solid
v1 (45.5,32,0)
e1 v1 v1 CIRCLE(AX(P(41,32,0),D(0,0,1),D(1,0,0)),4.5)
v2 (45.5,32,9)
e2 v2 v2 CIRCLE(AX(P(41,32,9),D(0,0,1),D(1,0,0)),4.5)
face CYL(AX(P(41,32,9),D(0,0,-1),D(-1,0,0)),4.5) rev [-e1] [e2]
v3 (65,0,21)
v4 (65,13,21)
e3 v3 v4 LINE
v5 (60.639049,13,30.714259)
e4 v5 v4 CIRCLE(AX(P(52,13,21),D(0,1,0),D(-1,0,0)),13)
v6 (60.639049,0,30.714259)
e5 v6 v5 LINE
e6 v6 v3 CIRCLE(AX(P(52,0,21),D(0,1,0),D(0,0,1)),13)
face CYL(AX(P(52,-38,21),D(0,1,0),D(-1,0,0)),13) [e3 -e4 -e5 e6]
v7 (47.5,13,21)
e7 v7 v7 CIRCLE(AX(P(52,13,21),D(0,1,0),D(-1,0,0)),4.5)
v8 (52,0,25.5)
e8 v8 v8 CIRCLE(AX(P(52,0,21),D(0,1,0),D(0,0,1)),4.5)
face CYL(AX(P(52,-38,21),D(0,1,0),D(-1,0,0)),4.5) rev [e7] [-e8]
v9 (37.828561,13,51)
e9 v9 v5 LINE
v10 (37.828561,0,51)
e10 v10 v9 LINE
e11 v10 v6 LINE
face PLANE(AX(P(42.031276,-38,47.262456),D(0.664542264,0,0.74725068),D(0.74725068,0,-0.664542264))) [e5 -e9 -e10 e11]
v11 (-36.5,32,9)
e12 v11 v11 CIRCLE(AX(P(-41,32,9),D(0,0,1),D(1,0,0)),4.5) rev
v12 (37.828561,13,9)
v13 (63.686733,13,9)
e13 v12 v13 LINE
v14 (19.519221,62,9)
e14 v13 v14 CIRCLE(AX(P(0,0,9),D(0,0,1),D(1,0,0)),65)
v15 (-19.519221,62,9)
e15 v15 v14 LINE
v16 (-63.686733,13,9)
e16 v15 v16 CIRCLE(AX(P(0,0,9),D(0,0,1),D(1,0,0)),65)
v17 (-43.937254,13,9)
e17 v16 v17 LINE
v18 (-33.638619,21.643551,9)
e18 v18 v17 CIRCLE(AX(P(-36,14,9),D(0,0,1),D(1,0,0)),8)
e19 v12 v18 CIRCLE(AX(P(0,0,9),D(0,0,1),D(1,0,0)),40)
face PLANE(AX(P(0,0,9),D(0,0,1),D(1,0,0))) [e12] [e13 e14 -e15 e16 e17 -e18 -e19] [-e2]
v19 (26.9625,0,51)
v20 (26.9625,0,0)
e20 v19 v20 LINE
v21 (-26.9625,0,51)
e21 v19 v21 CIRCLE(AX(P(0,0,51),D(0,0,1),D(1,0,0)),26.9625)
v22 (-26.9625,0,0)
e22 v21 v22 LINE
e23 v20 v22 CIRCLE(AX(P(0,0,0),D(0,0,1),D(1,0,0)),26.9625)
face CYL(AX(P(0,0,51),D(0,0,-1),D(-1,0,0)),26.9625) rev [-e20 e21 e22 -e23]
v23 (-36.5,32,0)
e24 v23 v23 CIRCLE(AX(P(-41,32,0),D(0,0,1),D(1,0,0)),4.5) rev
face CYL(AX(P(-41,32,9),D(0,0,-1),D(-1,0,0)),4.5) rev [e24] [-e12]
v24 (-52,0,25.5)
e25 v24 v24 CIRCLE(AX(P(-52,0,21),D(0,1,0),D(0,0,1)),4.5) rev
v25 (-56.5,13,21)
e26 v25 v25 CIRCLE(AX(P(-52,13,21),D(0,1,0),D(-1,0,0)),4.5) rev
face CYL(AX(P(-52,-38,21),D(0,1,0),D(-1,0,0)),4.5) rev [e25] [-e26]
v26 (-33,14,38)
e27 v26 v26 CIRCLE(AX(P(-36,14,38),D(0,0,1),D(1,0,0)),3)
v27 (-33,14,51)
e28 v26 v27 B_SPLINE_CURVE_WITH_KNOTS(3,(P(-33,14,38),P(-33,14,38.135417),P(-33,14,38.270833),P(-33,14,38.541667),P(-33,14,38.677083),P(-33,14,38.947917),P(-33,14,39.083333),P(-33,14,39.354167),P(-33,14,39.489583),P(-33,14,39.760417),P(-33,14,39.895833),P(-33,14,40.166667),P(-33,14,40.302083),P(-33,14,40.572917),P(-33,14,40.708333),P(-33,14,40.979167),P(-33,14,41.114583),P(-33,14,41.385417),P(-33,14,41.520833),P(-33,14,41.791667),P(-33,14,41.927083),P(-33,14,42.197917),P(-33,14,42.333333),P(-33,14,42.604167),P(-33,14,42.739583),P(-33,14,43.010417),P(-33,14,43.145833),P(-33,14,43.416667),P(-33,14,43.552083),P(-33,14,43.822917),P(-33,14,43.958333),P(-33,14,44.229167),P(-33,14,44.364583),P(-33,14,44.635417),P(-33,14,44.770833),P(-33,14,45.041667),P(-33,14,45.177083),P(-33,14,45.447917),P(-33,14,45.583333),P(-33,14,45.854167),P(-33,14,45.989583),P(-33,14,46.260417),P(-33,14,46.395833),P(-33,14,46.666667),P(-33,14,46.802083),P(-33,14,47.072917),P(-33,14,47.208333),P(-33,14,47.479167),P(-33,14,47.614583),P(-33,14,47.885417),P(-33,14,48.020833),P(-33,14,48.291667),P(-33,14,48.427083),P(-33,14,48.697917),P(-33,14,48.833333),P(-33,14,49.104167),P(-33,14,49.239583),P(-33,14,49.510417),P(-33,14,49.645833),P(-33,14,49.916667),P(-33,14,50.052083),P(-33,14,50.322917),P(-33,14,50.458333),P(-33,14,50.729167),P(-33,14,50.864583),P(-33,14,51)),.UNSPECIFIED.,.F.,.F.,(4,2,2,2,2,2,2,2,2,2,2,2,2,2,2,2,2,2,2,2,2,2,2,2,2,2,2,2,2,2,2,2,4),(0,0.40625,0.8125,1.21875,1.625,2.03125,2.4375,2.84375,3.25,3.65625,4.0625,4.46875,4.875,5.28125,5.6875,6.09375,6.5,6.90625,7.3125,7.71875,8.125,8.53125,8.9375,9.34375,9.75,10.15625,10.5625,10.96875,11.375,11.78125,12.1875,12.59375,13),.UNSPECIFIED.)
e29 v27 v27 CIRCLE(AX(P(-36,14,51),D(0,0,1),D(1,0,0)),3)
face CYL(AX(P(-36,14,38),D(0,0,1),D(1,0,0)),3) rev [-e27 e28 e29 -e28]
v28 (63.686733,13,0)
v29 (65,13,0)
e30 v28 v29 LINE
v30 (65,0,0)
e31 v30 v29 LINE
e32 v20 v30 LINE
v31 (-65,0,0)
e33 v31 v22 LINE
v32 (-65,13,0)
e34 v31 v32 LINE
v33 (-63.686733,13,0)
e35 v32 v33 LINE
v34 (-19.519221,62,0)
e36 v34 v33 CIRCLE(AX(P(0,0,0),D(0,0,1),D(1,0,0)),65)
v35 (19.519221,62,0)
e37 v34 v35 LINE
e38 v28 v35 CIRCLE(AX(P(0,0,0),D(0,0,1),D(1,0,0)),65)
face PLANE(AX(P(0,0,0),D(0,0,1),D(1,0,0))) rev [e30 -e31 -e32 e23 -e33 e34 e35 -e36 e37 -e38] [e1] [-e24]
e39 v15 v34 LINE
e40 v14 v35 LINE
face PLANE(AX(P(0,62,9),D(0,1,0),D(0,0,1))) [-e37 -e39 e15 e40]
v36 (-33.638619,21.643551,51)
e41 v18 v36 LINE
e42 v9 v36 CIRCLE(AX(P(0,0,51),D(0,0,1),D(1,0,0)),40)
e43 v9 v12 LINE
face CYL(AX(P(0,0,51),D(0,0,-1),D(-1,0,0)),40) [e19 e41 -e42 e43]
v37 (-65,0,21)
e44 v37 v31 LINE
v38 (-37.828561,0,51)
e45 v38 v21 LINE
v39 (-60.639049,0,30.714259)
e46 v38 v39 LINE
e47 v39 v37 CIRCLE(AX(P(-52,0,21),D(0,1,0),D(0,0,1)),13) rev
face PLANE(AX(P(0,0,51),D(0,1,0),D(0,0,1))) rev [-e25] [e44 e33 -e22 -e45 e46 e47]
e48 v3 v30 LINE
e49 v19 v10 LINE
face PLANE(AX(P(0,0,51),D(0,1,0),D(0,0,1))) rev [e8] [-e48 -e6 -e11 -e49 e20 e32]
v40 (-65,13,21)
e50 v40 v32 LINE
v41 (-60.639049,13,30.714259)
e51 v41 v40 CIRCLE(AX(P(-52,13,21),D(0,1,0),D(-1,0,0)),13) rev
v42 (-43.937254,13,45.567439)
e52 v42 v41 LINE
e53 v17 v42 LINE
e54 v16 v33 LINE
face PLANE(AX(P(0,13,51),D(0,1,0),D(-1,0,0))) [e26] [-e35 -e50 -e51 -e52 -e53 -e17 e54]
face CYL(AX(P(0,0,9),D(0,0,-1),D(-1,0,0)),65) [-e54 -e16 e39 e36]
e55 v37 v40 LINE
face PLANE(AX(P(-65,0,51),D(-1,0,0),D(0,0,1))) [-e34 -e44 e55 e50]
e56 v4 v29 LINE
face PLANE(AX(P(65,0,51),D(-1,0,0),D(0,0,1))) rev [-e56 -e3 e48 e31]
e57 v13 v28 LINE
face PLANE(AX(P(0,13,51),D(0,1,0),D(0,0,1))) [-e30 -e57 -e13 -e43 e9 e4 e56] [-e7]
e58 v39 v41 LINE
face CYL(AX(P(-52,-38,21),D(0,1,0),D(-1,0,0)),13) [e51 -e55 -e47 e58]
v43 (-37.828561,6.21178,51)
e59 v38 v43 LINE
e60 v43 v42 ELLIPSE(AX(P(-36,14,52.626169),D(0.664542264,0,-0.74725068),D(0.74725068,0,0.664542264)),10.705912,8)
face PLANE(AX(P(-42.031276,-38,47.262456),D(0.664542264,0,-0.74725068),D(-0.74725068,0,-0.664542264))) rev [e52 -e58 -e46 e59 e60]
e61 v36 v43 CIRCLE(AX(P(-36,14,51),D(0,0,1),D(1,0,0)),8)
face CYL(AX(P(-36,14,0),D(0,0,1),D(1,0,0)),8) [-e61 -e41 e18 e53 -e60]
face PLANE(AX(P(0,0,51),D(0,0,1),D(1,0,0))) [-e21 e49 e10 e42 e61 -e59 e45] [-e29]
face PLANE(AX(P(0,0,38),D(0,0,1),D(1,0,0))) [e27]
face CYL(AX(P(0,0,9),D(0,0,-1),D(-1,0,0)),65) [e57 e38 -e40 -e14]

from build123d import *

# Parameters (mm, degrees)
SKETCH1_R           = 4.5
BOSS_EXTRUDE1_DEPTH = 9
BOSS_EXTRUDE2_DEPTH = 51
SKETCH2_R           = 4.5
CUT_EXTRUDE1_DEPTH  = 51
SKETCH3_R           = 8
BOSS_EXTRUDE4_DEPTH = 51
SKETCH3_3_R         = 3
CUT_EXTRUDE2_DEPTH  = 13


with BuildPart() as part:
    # Sketch1 → Boss-Extrude1 (new body)
    with BuildSketch(Plane.XY):
        with BuildLine():
            Line((-63.686733312, 13), (-37.828560639, 13))
            ThreePointArc((-37.828560639, 13), (-35.993988141, 17.448003259), (-33.638618871, 21.643551476))
            ThreePointArc((-33.638618871, 21.643551476), (4.802775087, 39.710620135), (37.828560639, 13))
            Line((37.828560639, 13), (63.686733312, 13))
            ThreePointArc((63.686733312, 13), (48.281028578, 43.519447141), (19.519221296, 62))
            Line((19.519221296, 62), (-19.519221296, 62))
            ThreePointArc((-19.519221296, 62), (-48.281028578, 43.519447141), (-63.686733312, 13))
        make_face()
        with Locations((-41, 32)):
            Circle(SKETCH1_R, mode=Mode.SUBTRACT)
        with Locations((41, 32)):
            Circle(SKETCH1_R, mode=Mode.SUBTRACT)
    extrude(amount=BOSS_EXTRUDE1_DEPTH)

    # Sketch1<3> → Boss-Extrude2 (add)
    with BuildSketch(Plane.XY):
        with BuildLine():
            Line((-65, 13), (-65, 0))
            Line((-65, 0), (-26.9625, 0))
            ThreePointArc((-26.9625, 0), (0, 26.9625), (26.9625, 0))
            Line((26.9625, 0), (65, 0))
            Line((65, 0), (65, 13))
            Line((65, 13), (37.828560639, 13))
            ThreePointArc((37.828560639, 13), (0, 40), (-37.828560639, 13))
            Line((-37.828560639, 13), (-65, 13))
        make_face()
    extrude(amount=BOSS_EXTRUDE2_DEPTH)

    # Sketch2 → Cut-Extrude1 (cut)
    with BuildSketch(Plane(origin=(0, 13, 0), x_dir=(1, 0, 0), z_dir=(0, 1, 0))):
        with BuildLine():
            Line((60.639049437, -30.714258841), (37.828560639, -51))
            Line((37.828560639, -51), (65, -51))
            Line((65, -51), (65, -21))
            ThreePointArc((65, -21), (63.859756378, -26.324112946), (60.639049437, -30.714258841))
        make_face()
        with BuildLine():
            Line((-65, -51), (-37.828560639, -51))
            Line((-37.828560639, -51), (-60.639049437, -30.714258841))
            ThreePointArc((-60.639049437, -30.714258841), (-63.859756378, -26.324112946), (-65, -21))
            Line((-65, -21), (-65, -51))
        make_face()
        with Locations((52, -21)):
            Circle(SKETCH2_R)
        with Locations((-52, -21)):
            Circle(SKETCH2_R)
    extrude(amount=-CUT_EXTRUDE1_DEPTH, mode=Mode.SUBTRACT)

    # Sketch3 → Boss-Extrude4 (add)
    with BuildSketch(Plane.XY.offset(51)):
        with Locations((-36, 14)):
            Circle(SKETCH3_R)
    extrude(amount=-BOSS_EXTRUDE4_DEPTH)

    # Sketch3<3> → Cut-Extrude2 (cut)
    with BuildSketch(Plane.XY.offset(51)):
        with Locations((-36, 14)):
            Circle(SKETCH3_3_R)
    extrude(amount=-CUT_EXTRUDE2_DEPTH, mode=Mode.SUBTRACT)


solid = part.part
